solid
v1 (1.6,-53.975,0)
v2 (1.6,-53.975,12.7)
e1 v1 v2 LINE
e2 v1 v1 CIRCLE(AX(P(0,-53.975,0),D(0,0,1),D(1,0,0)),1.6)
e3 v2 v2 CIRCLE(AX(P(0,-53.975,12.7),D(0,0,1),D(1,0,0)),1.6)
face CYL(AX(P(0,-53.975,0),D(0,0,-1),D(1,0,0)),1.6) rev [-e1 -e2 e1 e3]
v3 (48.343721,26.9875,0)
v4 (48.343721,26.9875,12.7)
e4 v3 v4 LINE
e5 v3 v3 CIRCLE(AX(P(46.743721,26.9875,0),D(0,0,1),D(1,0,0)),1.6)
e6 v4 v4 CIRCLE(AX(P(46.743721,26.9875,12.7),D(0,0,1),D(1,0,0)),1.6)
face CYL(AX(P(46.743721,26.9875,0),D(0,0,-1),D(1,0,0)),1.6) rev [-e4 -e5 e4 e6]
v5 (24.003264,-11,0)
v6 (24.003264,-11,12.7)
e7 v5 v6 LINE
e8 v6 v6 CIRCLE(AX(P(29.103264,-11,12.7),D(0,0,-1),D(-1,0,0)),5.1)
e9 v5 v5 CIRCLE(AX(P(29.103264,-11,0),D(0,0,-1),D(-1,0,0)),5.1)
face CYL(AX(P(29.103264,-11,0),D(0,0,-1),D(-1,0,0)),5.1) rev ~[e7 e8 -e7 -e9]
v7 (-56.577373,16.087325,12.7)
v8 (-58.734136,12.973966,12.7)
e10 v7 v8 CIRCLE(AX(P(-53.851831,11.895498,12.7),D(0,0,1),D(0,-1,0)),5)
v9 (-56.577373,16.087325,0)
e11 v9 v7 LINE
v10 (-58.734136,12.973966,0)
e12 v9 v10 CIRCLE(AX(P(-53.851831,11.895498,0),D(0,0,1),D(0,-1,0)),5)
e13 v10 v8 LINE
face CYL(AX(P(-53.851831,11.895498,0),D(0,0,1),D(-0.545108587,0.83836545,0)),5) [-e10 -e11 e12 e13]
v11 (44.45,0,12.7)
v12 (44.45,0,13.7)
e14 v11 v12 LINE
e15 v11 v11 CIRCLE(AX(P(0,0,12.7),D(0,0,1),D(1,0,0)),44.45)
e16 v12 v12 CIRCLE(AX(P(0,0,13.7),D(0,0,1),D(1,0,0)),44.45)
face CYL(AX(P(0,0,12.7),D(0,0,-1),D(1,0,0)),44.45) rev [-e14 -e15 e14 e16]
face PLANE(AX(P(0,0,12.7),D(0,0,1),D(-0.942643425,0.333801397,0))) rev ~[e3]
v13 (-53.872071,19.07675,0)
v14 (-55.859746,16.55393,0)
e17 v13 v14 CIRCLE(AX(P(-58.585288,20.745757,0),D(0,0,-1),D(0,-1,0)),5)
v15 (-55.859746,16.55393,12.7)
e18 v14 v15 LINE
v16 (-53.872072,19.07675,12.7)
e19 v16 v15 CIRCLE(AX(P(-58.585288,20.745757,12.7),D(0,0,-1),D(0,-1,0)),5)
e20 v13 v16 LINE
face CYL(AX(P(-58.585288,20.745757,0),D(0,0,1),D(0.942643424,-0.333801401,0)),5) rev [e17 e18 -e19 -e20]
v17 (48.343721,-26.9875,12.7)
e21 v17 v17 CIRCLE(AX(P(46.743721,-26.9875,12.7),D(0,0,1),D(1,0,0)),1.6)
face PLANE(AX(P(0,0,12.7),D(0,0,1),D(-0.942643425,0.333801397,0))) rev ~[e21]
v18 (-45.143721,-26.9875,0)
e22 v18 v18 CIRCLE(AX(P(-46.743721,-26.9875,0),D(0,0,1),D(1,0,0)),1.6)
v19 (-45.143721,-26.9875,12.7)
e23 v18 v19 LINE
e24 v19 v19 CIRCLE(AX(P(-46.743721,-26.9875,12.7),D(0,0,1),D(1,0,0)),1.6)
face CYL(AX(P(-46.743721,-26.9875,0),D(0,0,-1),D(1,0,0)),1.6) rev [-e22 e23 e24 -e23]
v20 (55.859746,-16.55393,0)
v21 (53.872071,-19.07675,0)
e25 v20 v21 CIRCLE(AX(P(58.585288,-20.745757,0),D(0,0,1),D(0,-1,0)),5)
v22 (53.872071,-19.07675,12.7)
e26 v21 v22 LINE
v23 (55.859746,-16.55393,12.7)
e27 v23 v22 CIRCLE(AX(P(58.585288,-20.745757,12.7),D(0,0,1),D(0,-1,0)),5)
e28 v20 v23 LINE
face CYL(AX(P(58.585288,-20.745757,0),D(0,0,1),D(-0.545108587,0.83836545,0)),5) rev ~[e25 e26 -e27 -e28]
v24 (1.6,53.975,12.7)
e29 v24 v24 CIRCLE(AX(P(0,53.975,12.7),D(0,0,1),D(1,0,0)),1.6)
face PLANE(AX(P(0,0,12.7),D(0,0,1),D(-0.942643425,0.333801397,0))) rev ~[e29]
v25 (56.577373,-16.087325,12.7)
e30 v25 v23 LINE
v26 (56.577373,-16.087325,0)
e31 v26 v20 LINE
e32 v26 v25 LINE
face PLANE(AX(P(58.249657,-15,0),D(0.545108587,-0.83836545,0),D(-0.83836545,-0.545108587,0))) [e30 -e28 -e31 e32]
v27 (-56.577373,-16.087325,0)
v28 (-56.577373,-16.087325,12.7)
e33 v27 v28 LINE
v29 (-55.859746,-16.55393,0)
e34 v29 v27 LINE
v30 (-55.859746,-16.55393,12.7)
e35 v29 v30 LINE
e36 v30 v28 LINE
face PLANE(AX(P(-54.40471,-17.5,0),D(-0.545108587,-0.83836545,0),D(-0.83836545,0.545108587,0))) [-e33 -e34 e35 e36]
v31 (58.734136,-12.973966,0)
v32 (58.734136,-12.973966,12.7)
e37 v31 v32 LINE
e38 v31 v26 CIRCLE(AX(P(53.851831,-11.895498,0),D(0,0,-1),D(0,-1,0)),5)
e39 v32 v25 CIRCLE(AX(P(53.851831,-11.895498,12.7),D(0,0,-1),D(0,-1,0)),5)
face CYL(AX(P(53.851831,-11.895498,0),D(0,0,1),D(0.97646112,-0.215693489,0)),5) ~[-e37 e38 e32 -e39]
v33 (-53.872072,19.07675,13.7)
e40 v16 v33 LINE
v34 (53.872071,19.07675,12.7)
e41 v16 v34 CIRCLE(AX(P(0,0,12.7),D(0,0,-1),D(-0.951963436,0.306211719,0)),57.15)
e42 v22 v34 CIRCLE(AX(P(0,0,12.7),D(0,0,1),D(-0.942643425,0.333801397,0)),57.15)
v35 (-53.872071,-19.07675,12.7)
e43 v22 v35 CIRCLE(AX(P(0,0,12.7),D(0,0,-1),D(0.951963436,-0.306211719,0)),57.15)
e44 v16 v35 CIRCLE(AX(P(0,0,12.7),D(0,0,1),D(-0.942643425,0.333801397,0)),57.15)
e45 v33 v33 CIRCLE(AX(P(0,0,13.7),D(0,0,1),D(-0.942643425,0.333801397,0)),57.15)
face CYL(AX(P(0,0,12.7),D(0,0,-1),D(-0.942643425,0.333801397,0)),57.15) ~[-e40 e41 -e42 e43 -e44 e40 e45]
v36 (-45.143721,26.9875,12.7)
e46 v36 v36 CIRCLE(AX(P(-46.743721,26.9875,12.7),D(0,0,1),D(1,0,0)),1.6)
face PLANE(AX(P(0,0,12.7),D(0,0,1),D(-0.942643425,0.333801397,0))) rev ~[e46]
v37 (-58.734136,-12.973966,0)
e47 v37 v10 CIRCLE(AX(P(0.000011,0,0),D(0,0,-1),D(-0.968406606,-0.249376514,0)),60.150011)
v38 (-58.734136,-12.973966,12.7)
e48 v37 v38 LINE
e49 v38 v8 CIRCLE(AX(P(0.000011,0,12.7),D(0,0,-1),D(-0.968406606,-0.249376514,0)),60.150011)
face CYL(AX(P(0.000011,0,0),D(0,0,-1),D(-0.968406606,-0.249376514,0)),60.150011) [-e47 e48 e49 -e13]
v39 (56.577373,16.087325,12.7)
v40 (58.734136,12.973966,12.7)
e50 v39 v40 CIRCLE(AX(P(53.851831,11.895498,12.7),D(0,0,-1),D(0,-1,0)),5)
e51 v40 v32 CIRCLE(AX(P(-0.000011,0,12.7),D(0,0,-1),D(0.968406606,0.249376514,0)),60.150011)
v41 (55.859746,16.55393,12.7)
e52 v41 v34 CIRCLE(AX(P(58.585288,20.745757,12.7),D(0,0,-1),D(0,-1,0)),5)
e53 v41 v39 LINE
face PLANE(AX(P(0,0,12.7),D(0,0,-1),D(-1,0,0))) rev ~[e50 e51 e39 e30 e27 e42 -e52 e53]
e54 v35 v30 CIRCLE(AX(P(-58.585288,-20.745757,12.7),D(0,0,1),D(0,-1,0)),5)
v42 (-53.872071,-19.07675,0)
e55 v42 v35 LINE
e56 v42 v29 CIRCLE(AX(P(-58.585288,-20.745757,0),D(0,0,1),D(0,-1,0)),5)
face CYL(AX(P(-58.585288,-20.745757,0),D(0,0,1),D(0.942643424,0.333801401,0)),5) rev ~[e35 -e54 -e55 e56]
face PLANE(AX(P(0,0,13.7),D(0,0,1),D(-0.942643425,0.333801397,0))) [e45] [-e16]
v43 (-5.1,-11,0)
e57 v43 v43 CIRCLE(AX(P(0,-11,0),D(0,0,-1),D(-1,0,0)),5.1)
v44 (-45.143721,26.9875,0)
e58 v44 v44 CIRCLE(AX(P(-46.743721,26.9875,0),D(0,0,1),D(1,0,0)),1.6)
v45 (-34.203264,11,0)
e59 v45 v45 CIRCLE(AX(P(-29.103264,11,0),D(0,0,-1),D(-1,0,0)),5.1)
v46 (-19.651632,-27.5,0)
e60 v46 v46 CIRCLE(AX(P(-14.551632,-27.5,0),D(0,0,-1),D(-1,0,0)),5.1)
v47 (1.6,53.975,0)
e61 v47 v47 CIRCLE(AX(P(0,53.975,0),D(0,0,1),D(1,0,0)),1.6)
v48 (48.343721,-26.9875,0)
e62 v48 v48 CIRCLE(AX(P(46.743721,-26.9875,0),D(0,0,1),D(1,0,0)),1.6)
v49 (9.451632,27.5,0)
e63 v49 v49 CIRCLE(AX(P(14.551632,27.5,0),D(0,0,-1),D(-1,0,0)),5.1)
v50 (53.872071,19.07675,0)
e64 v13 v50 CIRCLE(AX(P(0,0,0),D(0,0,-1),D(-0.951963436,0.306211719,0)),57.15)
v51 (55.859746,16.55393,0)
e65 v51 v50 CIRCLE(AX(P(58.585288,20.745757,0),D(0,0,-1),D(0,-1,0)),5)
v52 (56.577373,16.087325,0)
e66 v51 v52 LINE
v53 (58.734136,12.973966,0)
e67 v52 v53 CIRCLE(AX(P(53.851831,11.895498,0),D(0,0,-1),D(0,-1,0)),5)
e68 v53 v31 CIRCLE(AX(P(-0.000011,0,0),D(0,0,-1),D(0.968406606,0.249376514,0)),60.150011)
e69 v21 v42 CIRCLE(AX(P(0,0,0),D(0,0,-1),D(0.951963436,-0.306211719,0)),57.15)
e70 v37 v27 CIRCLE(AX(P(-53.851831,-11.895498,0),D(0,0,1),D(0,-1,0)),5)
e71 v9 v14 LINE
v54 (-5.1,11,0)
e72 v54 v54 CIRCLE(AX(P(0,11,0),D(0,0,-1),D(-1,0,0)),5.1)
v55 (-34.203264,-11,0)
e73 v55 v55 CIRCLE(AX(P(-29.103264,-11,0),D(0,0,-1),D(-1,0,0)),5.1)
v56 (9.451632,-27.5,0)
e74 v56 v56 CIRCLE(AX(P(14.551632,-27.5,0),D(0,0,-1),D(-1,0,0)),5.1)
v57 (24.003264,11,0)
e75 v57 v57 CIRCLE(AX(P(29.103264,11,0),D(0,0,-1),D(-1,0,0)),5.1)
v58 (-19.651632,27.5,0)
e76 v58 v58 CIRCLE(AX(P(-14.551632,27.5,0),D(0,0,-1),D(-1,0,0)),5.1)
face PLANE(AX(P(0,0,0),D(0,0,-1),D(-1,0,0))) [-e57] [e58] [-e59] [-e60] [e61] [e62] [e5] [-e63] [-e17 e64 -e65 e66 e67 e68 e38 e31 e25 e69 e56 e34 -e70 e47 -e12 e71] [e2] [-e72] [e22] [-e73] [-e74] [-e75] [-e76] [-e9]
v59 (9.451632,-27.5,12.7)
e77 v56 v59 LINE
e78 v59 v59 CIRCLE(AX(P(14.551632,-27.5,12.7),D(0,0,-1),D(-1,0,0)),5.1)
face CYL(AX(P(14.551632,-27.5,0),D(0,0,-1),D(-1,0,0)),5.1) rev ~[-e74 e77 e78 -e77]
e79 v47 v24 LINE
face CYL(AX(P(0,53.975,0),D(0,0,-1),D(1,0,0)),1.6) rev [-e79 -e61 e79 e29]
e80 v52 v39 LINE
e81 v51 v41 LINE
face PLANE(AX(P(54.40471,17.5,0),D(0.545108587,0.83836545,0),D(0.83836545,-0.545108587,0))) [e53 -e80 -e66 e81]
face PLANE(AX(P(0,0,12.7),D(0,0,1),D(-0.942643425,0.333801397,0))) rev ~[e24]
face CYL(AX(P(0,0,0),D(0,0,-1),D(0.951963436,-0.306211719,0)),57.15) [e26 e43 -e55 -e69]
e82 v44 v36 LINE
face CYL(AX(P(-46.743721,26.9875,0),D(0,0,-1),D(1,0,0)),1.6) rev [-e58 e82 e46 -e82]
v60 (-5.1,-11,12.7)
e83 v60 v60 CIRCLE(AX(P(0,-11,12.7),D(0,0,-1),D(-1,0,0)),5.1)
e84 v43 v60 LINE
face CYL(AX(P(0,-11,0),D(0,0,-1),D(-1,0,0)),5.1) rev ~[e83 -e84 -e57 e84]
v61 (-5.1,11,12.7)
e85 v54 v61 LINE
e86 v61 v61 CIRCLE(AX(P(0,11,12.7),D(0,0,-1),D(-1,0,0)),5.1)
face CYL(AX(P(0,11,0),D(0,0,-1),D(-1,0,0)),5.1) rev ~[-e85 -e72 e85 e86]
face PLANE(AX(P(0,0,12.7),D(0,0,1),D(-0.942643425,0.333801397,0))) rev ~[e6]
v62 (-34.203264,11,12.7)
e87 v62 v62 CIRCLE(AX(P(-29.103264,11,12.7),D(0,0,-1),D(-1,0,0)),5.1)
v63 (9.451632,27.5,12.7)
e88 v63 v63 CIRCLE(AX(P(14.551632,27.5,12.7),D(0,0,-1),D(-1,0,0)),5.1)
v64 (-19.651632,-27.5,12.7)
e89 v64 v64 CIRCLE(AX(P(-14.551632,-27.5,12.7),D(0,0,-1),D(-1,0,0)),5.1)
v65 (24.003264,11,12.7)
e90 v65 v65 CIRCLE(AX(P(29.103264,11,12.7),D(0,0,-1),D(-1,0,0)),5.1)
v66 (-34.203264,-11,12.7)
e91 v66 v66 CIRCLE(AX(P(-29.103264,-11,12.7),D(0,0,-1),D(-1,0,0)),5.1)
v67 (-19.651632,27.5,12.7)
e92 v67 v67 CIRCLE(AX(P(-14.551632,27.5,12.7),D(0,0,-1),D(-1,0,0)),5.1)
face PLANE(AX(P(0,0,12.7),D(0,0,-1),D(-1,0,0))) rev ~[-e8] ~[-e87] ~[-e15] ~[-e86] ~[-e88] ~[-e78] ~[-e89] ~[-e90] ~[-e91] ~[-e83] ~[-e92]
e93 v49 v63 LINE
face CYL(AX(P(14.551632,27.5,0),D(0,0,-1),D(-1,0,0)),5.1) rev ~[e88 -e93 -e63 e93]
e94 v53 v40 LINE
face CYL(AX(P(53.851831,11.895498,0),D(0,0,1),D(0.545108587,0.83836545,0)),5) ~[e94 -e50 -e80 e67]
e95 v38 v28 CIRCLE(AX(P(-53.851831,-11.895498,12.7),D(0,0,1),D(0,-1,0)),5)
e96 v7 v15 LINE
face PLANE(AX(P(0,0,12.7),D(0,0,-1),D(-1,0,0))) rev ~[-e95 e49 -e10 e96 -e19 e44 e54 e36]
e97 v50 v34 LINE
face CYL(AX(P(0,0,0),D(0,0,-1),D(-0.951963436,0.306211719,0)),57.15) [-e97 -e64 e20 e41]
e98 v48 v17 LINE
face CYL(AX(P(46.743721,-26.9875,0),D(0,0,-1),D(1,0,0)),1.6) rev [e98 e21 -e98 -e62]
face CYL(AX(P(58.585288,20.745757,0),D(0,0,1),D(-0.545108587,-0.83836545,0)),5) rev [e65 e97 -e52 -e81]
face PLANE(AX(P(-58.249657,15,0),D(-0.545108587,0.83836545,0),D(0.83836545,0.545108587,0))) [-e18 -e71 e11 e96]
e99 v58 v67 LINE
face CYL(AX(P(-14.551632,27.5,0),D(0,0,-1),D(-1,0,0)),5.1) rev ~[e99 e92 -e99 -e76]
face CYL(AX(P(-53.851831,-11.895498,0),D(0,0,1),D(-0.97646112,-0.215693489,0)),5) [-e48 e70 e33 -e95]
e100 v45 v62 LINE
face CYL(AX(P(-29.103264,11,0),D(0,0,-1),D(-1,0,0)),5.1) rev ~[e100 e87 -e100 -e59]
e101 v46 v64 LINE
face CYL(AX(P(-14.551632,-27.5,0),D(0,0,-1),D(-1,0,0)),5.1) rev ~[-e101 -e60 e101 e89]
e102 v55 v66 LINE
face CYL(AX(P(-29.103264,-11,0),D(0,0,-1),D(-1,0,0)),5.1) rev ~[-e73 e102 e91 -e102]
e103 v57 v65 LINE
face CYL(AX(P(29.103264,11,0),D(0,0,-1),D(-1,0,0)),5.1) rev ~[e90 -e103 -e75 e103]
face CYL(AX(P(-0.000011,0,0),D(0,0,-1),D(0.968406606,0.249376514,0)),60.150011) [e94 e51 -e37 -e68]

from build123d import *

# Parameters (mm, degrees)
SKETCH1_R              = 1.6
BOSS_EXTRUDE1_DEPTH    = 12.7
SKETCH6_R              = 5.1
CUT_EXTRUDE2_DEPTH     = 84.93709
FILLET1_R              = 5
SKETCH7_R              = 57.15
SKETCH7_R_2            = 44.45
ANALYSIS_SUPPORT_DEPTH = 1


with BuildPart() as part:
    # Sketch1 → Boss-Extrude1 (new body)
    with BuildSketch(Plane.XY):
        with BuildLine():
            Line((54.40471, 17.5), (58.249657, 15))
            ThreePointArc((58.249657, 15), (60.15, 0), (58.249657, -15))
            Line((58.249657, -15), (54.40471, -17.5))
            ThreePointArc((54.40471, -17.5), (0, -57.15), (-54.40471, -17.5))
            Line((-54.40471, -17.5), (-58.249657, -15))
            ThreePointArc((-58.249657, -15), (-60.15, 0), (-58.249657, 15))
            Line((-58.249657, 15), (-54.40471, 17.5))
            ThreePointArc((-54.40471, 17.5), (0, 57.15), (54.40471, 17.5))
        make_face()
        with Locations((0, 53.975)):
            Circle(SKETCH1_R, mode=Mode.SUBTRACT)
        with Locations((46.743721, 26.9875)):
            Circle(SKETCH1_R, mode=Mode.SUBTRACT)
        with Locations((46.743721, -26.9875)):
            Circle(SKETCH1_R, mode=Mode.SUBTRACT)
        with Locations((0, -53.975)):
            Circle(SKETCH1_R, mode=Mode.SUBTRACT)
        with Locations((-46.743721, -26.9875)):
            Circle(SKETCH1_R, mode=Mode.SUBTRACT)
        with Locations((-46.743721, 26.9875)):
            Circle(SKETCH1_R, mode=Mode.SUBTRACT)
    extrude(amount=BOSS_EXTRUDE1_DEPTH)

    # Sketch6 → Cut-Extrude2 (cut, through all)
    with BuildSketch(Plane(origin=(0, 0, 0), x_dir=(-1, 0, 0), z_dir=(0, 0, -1))):
        with Locations((14.551632, 27.5)):
            Circle(SKETCH6_R)
        with Locations((-29.103264, 11)):
            Circle(SKETCH6_R)
        with Locations((-29.103264, -11)):
            Circle(SKETCH6_R)
        with Locations((29.103264, -11)):
            Circle(SKETCH6_R)
        with Locations((29.103264, 11)):
            Circle(SKETCH6_R)
        with Locations((-14.551632, 27.5)):
            Circle(SKETCH6_R)
        with Locations((0, -11)):
            Circle(SKETCH6_R)
        with Locations((-14.551632, -27.5)):
            Circle(SKETCH6_R)
        with Locations((0, 11)):
            Circle(SKETCH6_R)
        with Locations((14.551632, -27.5)):
            Circle(SKETCH6_R)
    extrude(amount=-CUT_EXTRUDE2_DEPTH, mode=Mode.SUBTRACT)

    # Fillet1
    fillet1_edges = [part.edges().sort_by_distance(p)[0] for p in [
        (54.40471, 17.5, 6.35),
        (58.249657, 15, 6.35),
        (58.249657, -15, 6.35),
        (54.40471, -17.5, 6.35),
        (-54.40471, -17.5, 6.35),
        (-58.249657, -15, 6.35),
        (-58.249657, 15, 6.35),
        (-54.40471, 17.5, 6.35),
    ]]
    fillet(fillet1_edges, radius=FILLET1_R)

    # Sketch7 → ANALYSIS-SUPPORT (add)
    with BuildSketch(Plane.XY.offset(12.7)):
        with Locations(Location((0, 0, 0), (0, 0, 160.500332))):
            Circle(SKETCH7_R)
        Circle(SKETCH7_R_2, mode=Mode.SUBTRACT)
    extrude(amount=ANALYSIS_SUPPORT_DEPTH)


solid = part.part
